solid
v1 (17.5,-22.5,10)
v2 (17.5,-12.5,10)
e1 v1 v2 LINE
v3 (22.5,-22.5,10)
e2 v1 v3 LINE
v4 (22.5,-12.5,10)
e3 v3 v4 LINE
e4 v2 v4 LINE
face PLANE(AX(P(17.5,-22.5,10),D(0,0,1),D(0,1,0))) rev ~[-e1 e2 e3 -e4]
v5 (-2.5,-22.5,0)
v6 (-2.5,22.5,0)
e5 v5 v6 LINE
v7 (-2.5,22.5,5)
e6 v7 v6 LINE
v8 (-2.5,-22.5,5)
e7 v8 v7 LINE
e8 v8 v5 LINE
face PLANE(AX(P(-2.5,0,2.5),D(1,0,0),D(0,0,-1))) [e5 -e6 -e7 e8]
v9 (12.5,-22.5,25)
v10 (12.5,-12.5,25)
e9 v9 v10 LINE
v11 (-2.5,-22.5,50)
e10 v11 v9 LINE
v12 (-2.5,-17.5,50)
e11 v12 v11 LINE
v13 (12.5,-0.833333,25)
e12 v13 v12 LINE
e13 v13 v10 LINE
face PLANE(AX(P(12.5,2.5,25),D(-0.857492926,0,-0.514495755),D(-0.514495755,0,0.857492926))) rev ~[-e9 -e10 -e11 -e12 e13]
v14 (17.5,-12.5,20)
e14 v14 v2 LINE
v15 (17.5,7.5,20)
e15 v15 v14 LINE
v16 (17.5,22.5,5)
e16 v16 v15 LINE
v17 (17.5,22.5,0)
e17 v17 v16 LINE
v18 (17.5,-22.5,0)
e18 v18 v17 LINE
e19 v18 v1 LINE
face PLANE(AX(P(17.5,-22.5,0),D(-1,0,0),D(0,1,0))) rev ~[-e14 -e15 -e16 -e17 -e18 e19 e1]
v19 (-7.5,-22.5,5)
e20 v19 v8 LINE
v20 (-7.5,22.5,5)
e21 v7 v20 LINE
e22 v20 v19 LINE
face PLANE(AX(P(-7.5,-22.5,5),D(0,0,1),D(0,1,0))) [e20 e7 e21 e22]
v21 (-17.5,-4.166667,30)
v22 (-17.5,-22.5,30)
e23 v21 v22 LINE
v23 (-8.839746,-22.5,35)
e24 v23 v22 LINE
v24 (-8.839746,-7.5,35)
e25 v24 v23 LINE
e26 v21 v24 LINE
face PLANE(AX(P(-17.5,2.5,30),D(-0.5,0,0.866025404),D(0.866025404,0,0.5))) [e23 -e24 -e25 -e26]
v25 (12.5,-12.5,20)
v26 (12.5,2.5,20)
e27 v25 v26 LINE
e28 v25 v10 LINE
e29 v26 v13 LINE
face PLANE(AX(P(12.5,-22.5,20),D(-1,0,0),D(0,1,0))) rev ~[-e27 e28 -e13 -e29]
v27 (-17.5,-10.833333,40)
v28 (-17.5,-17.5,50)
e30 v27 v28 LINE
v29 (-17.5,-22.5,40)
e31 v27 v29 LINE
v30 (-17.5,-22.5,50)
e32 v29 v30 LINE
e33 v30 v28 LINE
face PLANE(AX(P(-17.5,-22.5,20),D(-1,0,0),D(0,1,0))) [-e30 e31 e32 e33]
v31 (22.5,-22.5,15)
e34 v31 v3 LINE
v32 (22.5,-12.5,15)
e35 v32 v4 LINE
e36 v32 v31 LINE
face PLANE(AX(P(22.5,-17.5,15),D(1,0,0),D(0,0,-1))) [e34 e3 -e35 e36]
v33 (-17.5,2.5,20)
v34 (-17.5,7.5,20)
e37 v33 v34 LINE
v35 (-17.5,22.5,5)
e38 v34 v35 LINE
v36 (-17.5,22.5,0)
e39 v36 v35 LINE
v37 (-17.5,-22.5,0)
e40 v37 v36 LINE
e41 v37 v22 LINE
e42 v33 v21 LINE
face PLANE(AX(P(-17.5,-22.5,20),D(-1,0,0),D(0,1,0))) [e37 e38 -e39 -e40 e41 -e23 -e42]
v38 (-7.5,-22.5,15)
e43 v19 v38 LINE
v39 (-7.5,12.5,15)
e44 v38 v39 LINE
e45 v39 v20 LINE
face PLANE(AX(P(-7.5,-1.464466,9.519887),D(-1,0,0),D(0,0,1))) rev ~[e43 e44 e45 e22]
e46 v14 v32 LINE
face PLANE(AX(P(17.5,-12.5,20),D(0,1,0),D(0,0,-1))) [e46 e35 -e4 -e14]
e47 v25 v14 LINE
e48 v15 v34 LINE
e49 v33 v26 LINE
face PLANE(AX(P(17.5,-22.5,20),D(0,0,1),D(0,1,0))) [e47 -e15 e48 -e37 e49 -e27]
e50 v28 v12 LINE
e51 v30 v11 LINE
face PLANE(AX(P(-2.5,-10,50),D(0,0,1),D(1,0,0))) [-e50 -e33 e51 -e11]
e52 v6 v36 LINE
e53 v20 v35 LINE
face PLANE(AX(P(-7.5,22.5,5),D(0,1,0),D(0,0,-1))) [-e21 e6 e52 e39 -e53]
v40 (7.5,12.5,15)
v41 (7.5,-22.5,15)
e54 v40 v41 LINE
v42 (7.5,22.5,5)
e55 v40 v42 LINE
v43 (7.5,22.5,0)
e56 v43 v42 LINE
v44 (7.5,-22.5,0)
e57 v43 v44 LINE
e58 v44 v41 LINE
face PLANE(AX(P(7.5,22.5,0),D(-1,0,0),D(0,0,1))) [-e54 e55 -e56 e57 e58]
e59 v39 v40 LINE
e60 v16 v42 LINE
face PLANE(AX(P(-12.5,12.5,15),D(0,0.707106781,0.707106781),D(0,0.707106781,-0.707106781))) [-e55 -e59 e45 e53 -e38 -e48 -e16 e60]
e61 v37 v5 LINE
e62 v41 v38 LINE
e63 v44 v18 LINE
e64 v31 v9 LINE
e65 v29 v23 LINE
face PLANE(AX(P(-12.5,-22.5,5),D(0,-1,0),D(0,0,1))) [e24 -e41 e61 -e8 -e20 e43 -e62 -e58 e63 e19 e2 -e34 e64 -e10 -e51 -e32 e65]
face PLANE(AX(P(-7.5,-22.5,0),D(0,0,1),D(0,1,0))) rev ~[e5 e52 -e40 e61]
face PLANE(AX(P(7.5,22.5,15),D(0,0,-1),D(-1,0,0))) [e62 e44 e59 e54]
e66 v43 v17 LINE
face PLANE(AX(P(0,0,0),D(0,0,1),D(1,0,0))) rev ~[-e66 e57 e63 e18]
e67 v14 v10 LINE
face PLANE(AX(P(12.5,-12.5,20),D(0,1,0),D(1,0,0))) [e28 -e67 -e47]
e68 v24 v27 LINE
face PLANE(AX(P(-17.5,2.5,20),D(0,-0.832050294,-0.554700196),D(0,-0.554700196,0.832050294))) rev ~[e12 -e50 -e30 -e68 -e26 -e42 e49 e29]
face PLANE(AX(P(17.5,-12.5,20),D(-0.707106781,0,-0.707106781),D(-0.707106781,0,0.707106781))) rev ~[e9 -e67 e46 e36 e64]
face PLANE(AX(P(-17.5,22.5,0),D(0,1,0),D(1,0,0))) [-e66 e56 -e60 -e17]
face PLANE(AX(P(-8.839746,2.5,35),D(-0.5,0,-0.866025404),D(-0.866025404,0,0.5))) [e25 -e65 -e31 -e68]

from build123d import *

# Parameters (mm, degrees)
SKETCH1_W           = 35
SKETCH1_H           = 45
BOSS_EXTRUDE2_DEPTH = 20
CUT_EXTRUDE1_DEPTH  = 46
CUT_EXTRUDE2_DEPTH  = 36
SKETCH5_W           = 10
SKETCH5_H           = 10
BOSS_EXTRUDE3_DEPTH = 5
CUT_EXTRUDE3_DEPTH  = 11
SKETCH7_W           = 30
SKETCH7_H           = 25
BOSS_EXTRUDE4_DEPTH = 30
SKETCH8_W           = 5
SKETCH8_H           = 10
BOSS_EXTRUDE5_DEPTH = 5
CUT_EXTRUDE4_DEPTH  = 11
SKETCH11_W          = 5
SKETCH11_H          = 45
BOSS_EXTRUDE6_DEPTH = 5
BOSS_EXTRUDE7_DEPTH = 5
CUT_EXTRUDE7_DEPTH  = 26
CUT_EXTRUDE8_DEPTH  = 26
CUT_EXTRUDE11_DEPTH = 41


with BuildPart() as part:
    # Sketch1 → Boss-Extrude2 (new body)
    with BuildSketch(Plane.XY):
        Rectangle(SKETCH1_W, SKETCH1_H)
    extrude(amount=BOSS_EXTRUDE2_DEPTH)

    # Sketch3 → Cut-Extrude1 (cut, through all)
    with BuildSketch(Plane(origin=(0, 22.5, 0), x_dir=(1, 0, 0), z_dir=(0, 1, 0))):
        Polygon((7.5, 0), (7.5, -15), (-12.5, -15), (-12.5, -5), (-7.5, -5), (-7.5, 0), align=None)
    extrude(amount=-CUT_EXTRUDE1_DEPTH, mode=Mode.SUBTRACT)

    # Sketch4 → Cut-Extrude2 (cut, through all)
    with BuildSketch(Plane(origin=(17.5, 0, 0), x_dir=(0, 0, -1), z_dir=(1, 0, 0))):
        Polygon((-5, 22.5), (-20, 7.5), (-20, 22.5), align=None)
    extrude(amount=-CUT_EXTRUDE2_DEPTH, mode=Mode.SUBTRACT)

    # Sketch5 → Boss-Extrude3 (add)
    with BuildSketch(Plane(origin=(17.5, 0, 0), x_dir=(0, 0, -1), z_dir=(1, 0, 0))):
        with Locations((-15, -17.5)):
            Rectangle(SKETCH5_W, SKETCH5_H)
    extrude(amount=BOSS_EXTRUDE3_DEPTH)

    # Sketch6 → Cut-Extrude3 (cut, through all)
    with BuildSketch(Plane(origin=(0, -12.5, 0), x_dir=(1, 0, 0), z_dir=(0, 1, 0))):
        Polygon((17.5, -20), (22.5, -15), (22.5, -20), align=None)
    extrude(amount=-CUT_EXTRUDE3_DEPTH, mode=Mode.SUBTRACT)

    # Sketch7 → Boss-Extrude4 (add)
    with BuildSketch(Plane.XY.offset(20)):
        with Locations((-2.5, -10)):
            Rectangle(SKETCH7_W, SKETCH7_H)
    extrude(amount=BOSS_EXTRUDE4_DEPTH)

    # Sketch8 → Boss-Extrude5 (add)
    with BuildSketch(Plane.XY.offset(20)):
        with Locations((15, -17.5)):
            Rectangle(SKETCH8_W, SKETCH8_H)
    extrude(amount=BOSS_EXTRUDE5_DEPTH)

    # Sketch9 → Cut-Extrude4 (cut, through all)
    with BuildSketch(Plane(origin=(0, -12.5, 0), x_dir=(1, 0, 0), z_dir=(0, 1, 0))):
        Polygon((17.5, -20), (12.5, -25), (17.5, -25), align=None)
    extrude(amount=-CUT_EXTRUDE4_DEPTH, mode=Mode.SUBTRACT)

    # Sketch11 → Boss-Extrude6 (add)
    with BuildSketch(Plane(origin=(-7.5, 0, 0), x_dir=(0, 0, -1), z_dir=(1, 0, 0))):
        with Locations((-2.5, 0)):
            Rectangle(SKETCH11_W, SKETCH11_H)
    extrude(amount=BOSS_EXTRUDE6_DEPTH)

    # Sketch12 → Boss-Extrude7 (add)
    with BuildSketch(Plane(origin=(-12.5, 0, 0), x_dir=(0, 0, -1), z_dir=(1, 0, 0))):
        Polygon((-5, 22.5), (-5, -22.5), (-15, -22.5), (-15, 12.5), align=None)
    extrude(amount=BOSS_EXTRUDE7_DEPTH)

    # Sketch13 → Cut-Extrude7 (cut, through all)
    with BuildSketch(Plane(origin=(0, 2.5, 0), x_dir=(1, 0, 0), z_dir=(0, 1, 0))):
        Polygon((12.5, -25), (-2.5, -50), (12.5, -50), align=None)
    extrude(amount=-CUT_EXTRUDE7_DEPTH, mode=Mode.SUBTRACT)

    # Sketch14 → Cut-Extrude8 (cut, through all)
    with BuildSketch(Plane(origin=(0, 2.5, 0), x_dir=(1, 0, 0), z_dir=(0, 1, 0))):
        Polygon((-17.5, -30), (-8.839745962, -35), (-17.5, -40), align=None)
    extrude(amount=-CUT_EXTRUDE8_DEPTH, mode=Mode.SUBTRACT)

    # Sketch15 → Cut-Extrude11 (cut, through all)
    with BuildSketch(Plane(origin=(-17.5, 0, 0), x_dir=(0, 0, -1), z_dir=(1, 0, 0))):
        Polygon((-20, 2.5), (-50, -17.5), (-50, 2.5), align=None)
    extrude(amount=CUT_EXTRUDE11_DEPTH, mode=Mode.SUBTRACT)


solid = part.part
